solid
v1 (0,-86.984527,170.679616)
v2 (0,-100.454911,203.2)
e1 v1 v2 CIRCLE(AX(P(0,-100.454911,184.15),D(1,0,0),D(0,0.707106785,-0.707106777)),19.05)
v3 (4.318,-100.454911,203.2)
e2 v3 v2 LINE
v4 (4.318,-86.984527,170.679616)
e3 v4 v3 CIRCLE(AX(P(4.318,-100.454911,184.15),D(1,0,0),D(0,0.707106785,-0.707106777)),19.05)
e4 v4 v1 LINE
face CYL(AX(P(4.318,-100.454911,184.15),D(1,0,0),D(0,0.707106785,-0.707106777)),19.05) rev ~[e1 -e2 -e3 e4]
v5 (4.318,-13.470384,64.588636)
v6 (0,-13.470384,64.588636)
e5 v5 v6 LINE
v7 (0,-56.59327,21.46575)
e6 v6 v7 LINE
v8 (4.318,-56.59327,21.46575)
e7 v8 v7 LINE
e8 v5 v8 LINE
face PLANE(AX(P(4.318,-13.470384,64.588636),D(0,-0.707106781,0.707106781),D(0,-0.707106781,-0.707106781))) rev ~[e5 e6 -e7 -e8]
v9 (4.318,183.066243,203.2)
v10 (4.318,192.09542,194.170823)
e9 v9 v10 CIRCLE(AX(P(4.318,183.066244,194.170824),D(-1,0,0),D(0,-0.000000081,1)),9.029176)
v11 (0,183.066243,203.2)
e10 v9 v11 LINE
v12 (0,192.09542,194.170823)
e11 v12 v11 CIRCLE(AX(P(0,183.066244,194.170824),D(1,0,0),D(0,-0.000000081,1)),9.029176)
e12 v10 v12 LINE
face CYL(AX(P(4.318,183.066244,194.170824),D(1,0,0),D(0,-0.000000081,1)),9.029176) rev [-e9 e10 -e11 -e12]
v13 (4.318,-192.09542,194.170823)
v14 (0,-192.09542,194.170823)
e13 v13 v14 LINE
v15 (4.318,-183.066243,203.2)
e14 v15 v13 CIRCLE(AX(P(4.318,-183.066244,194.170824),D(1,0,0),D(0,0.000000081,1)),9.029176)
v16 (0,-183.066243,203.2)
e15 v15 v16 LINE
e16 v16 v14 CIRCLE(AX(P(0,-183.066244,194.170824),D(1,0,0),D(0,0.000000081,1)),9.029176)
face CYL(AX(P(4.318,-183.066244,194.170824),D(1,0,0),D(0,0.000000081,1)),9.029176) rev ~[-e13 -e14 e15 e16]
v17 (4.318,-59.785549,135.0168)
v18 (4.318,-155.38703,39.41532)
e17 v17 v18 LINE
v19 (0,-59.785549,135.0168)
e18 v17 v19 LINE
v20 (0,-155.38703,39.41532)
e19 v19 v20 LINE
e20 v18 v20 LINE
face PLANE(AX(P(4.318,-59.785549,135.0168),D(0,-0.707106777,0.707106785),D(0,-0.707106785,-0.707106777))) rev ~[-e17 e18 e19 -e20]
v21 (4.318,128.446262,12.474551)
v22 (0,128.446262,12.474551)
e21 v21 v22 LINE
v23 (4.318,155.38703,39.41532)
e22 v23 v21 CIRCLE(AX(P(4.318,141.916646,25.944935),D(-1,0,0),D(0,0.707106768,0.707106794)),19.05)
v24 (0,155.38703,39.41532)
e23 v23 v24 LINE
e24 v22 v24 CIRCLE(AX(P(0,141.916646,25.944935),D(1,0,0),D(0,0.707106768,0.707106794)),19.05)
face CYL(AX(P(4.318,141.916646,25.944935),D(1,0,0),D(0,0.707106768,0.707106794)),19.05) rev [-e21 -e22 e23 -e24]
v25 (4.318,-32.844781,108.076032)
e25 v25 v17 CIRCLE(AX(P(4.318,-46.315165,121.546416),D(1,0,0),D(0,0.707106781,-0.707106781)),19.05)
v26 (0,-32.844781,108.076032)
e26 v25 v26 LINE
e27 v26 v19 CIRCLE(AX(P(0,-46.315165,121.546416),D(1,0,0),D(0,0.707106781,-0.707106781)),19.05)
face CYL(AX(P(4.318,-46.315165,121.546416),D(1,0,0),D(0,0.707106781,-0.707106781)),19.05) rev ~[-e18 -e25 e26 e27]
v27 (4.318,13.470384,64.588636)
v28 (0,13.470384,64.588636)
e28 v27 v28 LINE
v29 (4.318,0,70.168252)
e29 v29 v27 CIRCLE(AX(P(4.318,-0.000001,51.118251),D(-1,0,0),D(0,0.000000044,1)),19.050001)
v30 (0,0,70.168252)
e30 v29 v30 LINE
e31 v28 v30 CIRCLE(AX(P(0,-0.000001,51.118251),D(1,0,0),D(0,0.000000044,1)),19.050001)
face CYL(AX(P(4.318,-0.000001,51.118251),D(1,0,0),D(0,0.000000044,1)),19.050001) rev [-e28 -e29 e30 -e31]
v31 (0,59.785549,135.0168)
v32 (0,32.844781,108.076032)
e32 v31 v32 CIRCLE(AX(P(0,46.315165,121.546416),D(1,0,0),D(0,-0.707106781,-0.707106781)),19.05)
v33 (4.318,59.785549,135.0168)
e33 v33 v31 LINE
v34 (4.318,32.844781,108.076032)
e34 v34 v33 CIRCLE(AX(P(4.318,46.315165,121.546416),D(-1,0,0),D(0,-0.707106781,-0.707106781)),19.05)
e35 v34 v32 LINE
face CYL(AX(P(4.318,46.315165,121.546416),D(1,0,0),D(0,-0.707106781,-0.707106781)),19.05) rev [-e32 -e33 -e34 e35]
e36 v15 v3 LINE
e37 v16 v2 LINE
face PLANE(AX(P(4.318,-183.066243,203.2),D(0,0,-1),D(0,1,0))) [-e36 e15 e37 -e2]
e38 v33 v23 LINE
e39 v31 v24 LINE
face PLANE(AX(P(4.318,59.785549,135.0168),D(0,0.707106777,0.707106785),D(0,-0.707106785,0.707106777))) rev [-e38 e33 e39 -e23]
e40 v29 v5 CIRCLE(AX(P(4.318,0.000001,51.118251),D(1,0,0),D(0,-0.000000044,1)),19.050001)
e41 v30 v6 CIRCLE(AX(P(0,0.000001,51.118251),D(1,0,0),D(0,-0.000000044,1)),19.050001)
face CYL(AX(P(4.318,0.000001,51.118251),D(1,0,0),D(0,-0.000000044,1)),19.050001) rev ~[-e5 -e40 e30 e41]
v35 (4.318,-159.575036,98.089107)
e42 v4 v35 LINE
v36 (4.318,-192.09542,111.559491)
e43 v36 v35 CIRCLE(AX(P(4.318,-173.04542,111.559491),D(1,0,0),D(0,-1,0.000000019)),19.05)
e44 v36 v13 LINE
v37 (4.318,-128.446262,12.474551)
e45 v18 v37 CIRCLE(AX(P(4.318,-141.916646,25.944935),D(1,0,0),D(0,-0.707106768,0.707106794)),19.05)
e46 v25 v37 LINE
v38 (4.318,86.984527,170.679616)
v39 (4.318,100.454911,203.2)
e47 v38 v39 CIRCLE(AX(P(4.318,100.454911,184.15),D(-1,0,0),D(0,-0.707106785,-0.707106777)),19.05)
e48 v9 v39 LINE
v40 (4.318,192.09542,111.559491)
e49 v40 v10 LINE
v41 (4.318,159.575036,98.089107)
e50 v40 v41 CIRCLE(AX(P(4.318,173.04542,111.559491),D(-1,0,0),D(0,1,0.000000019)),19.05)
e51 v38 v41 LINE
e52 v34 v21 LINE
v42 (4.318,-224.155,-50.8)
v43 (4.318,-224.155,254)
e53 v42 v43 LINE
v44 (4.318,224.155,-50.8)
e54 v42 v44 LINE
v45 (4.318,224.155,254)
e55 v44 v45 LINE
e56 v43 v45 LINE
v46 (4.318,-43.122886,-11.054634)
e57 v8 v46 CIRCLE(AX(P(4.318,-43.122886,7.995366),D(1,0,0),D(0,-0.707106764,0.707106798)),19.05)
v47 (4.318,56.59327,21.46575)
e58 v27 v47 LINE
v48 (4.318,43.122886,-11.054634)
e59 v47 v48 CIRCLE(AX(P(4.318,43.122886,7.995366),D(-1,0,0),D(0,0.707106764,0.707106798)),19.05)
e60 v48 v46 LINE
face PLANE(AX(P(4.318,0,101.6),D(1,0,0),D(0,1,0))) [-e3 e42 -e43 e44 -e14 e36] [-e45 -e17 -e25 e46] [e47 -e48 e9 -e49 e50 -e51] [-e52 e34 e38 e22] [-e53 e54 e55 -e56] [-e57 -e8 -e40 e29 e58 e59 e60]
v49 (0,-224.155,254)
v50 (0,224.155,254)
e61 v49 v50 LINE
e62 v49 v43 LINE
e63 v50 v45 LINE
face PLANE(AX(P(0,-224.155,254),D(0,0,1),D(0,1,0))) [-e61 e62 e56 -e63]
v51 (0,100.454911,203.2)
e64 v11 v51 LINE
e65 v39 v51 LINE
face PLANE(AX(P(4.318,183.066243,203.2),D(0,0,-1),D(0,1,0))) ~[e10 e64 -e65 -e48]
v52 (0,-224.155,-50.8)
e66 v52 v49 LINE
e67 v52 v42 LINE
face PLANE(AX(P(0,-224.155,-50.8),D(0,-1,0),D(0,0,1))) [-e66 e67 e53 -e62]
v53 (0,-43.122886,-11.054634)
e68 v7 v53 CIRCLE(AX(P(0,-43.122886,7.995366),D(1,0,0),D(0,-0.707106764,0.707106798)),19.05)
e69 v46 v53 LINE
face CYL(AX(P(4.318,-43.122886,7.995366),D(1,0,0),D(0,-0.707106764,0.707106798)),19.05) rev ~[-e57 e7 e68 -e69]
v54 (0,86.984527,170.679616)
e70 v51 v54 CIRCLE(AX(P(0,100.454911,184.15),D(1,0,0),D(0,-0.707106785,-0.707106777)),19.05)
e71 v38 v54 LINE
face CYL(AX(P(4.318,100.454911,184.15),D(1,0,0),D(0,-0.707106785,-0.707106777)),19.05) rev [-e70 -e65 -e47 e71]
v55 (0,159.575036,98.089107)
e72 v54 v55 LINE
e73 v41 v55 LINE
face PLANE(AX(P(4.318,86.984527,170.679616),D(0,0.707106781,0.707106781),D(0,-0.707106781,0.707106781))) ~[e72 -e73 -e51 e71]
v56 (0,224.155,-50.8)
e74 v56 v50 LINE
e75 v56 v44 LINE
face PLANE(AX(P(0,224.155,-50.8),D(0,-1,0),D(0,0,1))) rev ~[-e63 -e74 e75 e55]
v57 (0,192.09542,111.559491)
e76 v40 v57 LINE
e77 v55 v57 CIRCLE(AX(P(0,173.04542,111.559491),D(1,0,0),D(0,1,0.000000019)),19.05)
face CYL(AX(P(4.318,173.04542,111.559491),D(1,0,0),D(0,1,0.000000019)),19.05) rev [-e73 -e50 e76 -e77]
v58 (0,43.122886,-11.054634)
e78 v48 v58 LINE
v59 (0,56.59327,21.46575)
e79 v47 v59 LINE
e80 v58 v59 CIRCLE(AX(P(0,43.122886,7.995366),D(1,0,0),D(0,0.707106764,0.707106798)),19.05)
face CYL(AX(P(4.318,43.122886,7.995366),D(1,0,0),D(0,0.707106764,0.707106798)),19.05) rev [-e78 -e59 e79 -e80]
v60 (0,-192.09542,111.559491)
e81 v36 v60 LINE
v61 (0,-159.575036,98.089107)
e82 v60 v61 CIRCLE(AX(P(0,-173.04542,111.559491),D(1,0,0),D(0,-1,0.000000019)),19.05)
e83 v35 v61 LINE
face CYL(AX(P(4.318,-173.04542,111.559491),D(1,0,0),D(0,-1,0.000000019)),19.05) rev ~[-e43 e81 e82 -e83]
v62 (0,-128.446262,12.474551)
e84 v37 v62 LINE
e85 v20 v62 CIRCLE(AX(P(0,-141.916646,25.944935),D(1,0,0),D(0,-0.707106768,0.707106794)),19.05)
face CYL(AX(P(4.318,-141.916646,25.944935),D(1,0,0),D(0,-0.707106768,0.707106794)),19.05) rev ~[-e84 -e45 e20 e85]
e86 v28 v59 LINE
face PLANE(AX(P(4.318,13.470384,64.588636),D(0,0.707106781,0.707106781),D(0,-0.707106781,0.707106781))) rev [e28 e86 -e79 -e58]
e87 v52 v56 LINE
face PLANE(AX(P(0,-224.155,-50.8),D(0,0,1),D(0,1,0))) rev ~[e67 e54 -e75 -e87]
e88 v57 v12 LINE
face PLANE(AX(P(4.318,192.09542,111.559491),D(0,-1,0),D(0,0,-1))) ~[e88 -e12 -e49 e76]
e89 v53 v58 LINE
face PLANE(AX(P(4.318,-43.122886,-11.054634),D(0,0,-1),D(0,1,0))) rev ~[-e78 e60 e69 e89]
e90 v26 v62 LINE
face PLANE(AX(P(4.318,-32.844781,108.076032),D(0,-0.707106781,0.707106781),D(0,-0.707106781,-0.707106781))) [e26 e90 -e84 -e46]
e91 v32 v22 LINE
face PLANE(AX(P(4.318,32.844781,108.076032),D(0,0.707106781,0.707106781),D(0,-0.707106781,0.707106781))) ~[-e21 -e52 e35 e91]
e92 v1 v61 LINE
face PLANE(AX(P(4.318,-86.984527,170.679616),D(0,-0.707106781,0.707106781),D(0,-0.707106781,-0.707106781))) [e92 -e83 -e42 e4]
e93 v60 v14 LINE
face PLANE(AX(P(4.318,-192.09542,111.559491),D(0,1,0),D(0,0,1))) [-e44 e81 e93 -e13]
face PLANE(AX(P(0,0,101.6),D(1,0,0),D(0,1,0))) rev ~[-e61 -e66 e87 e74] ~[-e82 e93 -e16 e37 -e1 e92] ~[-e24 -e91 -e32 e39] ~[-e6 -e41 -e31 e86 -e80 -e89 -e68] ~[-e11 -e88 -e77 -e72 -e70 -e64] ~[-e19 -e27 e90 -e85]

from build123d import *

# Parameters (mm, degrees)
SKETCH001_W  = 448.31
SKETCH001_H  = 304.8
PAD_DEPTH    = 4.318
POCKET_DEPTH = 1088.576426


with BuildPart() as part:
    # Sketch001 → Pad (new body)
    with BuildSketch(Plane.YZ):
        with Locations((0, 101.6)):
            Rectangle(SKETCH001_W, SKETCH001_H)
    extrude(amount=PAD_DEPTH)

    # Sketch (on Face6 of Pad) → Pocket (cut, through all)
    with BuildSketch(Plane.YZ.offset(4.318)):
        with BuildLine():
            ThreePointArc((-32.844781, 108.076032), (-32.844781, 135.0168), (-59.785549, 135.0168))
            Line((-59.785549, 135.0168), (-155.38703, 39.41532))
            ThreePointArc((-155.38703, 39.41532), (-155.38703, 12.474551), (-128.446262, 12.474551))
            Line((-32.844781, 108.076032), (-128.446262, 12.474551))
        make_face()
        with BuildLine():
            Line((-13.470384, 64.588636), (-56.59327, 21.46575))
            ThreePointArc((-56.59327, 21.46575), (-60.722791, 0.705246), (-43.122886, -11.054634))
            Line((-43.122886, -11.054634), (0, -11.054634))
            Line((0, 70.168252), (0, -11.054634))
            ThreePointArc((0, 70.168252), (-7.290119, 68.718157), (-13.470384, 64.588636))
        make_face()
        with BuildLine():
            Line((-183.066243, 203.2), (-100.454911, 203.2))
            ThreePointArc((-86.984527, 170.679616), (-82.855006, 191.440119), (-100.454911, 203.2))
            Line((-86.984527, 170.679616), (-159.575036, 98.089107))
            ThreePointArc((-192.09542, 111.559491), (-180.33554, 93.959586), (-159.575036, 98.089107))
            Line((-192.09542, 111.559491), (-192.09542, 194.170823))
            ThreePointArc((-183.066243, 203.2), (-189.450836, 200.555415), (-192.09542, 194.170823))
        make_face()
    pocket = extrude(amount=-POCKET_DEPTH, mode=Mode.SUBTRACT)

    # Mirrored: Pocket across Sketch V_Axis
    add(pocket.mirror(Plane(origin=(4.318, 0, 0), x_dir=(1, 0, 0), z_dir=(0, 1, 0))), mode=Mode.SUBTRACT)


solid = part.part
